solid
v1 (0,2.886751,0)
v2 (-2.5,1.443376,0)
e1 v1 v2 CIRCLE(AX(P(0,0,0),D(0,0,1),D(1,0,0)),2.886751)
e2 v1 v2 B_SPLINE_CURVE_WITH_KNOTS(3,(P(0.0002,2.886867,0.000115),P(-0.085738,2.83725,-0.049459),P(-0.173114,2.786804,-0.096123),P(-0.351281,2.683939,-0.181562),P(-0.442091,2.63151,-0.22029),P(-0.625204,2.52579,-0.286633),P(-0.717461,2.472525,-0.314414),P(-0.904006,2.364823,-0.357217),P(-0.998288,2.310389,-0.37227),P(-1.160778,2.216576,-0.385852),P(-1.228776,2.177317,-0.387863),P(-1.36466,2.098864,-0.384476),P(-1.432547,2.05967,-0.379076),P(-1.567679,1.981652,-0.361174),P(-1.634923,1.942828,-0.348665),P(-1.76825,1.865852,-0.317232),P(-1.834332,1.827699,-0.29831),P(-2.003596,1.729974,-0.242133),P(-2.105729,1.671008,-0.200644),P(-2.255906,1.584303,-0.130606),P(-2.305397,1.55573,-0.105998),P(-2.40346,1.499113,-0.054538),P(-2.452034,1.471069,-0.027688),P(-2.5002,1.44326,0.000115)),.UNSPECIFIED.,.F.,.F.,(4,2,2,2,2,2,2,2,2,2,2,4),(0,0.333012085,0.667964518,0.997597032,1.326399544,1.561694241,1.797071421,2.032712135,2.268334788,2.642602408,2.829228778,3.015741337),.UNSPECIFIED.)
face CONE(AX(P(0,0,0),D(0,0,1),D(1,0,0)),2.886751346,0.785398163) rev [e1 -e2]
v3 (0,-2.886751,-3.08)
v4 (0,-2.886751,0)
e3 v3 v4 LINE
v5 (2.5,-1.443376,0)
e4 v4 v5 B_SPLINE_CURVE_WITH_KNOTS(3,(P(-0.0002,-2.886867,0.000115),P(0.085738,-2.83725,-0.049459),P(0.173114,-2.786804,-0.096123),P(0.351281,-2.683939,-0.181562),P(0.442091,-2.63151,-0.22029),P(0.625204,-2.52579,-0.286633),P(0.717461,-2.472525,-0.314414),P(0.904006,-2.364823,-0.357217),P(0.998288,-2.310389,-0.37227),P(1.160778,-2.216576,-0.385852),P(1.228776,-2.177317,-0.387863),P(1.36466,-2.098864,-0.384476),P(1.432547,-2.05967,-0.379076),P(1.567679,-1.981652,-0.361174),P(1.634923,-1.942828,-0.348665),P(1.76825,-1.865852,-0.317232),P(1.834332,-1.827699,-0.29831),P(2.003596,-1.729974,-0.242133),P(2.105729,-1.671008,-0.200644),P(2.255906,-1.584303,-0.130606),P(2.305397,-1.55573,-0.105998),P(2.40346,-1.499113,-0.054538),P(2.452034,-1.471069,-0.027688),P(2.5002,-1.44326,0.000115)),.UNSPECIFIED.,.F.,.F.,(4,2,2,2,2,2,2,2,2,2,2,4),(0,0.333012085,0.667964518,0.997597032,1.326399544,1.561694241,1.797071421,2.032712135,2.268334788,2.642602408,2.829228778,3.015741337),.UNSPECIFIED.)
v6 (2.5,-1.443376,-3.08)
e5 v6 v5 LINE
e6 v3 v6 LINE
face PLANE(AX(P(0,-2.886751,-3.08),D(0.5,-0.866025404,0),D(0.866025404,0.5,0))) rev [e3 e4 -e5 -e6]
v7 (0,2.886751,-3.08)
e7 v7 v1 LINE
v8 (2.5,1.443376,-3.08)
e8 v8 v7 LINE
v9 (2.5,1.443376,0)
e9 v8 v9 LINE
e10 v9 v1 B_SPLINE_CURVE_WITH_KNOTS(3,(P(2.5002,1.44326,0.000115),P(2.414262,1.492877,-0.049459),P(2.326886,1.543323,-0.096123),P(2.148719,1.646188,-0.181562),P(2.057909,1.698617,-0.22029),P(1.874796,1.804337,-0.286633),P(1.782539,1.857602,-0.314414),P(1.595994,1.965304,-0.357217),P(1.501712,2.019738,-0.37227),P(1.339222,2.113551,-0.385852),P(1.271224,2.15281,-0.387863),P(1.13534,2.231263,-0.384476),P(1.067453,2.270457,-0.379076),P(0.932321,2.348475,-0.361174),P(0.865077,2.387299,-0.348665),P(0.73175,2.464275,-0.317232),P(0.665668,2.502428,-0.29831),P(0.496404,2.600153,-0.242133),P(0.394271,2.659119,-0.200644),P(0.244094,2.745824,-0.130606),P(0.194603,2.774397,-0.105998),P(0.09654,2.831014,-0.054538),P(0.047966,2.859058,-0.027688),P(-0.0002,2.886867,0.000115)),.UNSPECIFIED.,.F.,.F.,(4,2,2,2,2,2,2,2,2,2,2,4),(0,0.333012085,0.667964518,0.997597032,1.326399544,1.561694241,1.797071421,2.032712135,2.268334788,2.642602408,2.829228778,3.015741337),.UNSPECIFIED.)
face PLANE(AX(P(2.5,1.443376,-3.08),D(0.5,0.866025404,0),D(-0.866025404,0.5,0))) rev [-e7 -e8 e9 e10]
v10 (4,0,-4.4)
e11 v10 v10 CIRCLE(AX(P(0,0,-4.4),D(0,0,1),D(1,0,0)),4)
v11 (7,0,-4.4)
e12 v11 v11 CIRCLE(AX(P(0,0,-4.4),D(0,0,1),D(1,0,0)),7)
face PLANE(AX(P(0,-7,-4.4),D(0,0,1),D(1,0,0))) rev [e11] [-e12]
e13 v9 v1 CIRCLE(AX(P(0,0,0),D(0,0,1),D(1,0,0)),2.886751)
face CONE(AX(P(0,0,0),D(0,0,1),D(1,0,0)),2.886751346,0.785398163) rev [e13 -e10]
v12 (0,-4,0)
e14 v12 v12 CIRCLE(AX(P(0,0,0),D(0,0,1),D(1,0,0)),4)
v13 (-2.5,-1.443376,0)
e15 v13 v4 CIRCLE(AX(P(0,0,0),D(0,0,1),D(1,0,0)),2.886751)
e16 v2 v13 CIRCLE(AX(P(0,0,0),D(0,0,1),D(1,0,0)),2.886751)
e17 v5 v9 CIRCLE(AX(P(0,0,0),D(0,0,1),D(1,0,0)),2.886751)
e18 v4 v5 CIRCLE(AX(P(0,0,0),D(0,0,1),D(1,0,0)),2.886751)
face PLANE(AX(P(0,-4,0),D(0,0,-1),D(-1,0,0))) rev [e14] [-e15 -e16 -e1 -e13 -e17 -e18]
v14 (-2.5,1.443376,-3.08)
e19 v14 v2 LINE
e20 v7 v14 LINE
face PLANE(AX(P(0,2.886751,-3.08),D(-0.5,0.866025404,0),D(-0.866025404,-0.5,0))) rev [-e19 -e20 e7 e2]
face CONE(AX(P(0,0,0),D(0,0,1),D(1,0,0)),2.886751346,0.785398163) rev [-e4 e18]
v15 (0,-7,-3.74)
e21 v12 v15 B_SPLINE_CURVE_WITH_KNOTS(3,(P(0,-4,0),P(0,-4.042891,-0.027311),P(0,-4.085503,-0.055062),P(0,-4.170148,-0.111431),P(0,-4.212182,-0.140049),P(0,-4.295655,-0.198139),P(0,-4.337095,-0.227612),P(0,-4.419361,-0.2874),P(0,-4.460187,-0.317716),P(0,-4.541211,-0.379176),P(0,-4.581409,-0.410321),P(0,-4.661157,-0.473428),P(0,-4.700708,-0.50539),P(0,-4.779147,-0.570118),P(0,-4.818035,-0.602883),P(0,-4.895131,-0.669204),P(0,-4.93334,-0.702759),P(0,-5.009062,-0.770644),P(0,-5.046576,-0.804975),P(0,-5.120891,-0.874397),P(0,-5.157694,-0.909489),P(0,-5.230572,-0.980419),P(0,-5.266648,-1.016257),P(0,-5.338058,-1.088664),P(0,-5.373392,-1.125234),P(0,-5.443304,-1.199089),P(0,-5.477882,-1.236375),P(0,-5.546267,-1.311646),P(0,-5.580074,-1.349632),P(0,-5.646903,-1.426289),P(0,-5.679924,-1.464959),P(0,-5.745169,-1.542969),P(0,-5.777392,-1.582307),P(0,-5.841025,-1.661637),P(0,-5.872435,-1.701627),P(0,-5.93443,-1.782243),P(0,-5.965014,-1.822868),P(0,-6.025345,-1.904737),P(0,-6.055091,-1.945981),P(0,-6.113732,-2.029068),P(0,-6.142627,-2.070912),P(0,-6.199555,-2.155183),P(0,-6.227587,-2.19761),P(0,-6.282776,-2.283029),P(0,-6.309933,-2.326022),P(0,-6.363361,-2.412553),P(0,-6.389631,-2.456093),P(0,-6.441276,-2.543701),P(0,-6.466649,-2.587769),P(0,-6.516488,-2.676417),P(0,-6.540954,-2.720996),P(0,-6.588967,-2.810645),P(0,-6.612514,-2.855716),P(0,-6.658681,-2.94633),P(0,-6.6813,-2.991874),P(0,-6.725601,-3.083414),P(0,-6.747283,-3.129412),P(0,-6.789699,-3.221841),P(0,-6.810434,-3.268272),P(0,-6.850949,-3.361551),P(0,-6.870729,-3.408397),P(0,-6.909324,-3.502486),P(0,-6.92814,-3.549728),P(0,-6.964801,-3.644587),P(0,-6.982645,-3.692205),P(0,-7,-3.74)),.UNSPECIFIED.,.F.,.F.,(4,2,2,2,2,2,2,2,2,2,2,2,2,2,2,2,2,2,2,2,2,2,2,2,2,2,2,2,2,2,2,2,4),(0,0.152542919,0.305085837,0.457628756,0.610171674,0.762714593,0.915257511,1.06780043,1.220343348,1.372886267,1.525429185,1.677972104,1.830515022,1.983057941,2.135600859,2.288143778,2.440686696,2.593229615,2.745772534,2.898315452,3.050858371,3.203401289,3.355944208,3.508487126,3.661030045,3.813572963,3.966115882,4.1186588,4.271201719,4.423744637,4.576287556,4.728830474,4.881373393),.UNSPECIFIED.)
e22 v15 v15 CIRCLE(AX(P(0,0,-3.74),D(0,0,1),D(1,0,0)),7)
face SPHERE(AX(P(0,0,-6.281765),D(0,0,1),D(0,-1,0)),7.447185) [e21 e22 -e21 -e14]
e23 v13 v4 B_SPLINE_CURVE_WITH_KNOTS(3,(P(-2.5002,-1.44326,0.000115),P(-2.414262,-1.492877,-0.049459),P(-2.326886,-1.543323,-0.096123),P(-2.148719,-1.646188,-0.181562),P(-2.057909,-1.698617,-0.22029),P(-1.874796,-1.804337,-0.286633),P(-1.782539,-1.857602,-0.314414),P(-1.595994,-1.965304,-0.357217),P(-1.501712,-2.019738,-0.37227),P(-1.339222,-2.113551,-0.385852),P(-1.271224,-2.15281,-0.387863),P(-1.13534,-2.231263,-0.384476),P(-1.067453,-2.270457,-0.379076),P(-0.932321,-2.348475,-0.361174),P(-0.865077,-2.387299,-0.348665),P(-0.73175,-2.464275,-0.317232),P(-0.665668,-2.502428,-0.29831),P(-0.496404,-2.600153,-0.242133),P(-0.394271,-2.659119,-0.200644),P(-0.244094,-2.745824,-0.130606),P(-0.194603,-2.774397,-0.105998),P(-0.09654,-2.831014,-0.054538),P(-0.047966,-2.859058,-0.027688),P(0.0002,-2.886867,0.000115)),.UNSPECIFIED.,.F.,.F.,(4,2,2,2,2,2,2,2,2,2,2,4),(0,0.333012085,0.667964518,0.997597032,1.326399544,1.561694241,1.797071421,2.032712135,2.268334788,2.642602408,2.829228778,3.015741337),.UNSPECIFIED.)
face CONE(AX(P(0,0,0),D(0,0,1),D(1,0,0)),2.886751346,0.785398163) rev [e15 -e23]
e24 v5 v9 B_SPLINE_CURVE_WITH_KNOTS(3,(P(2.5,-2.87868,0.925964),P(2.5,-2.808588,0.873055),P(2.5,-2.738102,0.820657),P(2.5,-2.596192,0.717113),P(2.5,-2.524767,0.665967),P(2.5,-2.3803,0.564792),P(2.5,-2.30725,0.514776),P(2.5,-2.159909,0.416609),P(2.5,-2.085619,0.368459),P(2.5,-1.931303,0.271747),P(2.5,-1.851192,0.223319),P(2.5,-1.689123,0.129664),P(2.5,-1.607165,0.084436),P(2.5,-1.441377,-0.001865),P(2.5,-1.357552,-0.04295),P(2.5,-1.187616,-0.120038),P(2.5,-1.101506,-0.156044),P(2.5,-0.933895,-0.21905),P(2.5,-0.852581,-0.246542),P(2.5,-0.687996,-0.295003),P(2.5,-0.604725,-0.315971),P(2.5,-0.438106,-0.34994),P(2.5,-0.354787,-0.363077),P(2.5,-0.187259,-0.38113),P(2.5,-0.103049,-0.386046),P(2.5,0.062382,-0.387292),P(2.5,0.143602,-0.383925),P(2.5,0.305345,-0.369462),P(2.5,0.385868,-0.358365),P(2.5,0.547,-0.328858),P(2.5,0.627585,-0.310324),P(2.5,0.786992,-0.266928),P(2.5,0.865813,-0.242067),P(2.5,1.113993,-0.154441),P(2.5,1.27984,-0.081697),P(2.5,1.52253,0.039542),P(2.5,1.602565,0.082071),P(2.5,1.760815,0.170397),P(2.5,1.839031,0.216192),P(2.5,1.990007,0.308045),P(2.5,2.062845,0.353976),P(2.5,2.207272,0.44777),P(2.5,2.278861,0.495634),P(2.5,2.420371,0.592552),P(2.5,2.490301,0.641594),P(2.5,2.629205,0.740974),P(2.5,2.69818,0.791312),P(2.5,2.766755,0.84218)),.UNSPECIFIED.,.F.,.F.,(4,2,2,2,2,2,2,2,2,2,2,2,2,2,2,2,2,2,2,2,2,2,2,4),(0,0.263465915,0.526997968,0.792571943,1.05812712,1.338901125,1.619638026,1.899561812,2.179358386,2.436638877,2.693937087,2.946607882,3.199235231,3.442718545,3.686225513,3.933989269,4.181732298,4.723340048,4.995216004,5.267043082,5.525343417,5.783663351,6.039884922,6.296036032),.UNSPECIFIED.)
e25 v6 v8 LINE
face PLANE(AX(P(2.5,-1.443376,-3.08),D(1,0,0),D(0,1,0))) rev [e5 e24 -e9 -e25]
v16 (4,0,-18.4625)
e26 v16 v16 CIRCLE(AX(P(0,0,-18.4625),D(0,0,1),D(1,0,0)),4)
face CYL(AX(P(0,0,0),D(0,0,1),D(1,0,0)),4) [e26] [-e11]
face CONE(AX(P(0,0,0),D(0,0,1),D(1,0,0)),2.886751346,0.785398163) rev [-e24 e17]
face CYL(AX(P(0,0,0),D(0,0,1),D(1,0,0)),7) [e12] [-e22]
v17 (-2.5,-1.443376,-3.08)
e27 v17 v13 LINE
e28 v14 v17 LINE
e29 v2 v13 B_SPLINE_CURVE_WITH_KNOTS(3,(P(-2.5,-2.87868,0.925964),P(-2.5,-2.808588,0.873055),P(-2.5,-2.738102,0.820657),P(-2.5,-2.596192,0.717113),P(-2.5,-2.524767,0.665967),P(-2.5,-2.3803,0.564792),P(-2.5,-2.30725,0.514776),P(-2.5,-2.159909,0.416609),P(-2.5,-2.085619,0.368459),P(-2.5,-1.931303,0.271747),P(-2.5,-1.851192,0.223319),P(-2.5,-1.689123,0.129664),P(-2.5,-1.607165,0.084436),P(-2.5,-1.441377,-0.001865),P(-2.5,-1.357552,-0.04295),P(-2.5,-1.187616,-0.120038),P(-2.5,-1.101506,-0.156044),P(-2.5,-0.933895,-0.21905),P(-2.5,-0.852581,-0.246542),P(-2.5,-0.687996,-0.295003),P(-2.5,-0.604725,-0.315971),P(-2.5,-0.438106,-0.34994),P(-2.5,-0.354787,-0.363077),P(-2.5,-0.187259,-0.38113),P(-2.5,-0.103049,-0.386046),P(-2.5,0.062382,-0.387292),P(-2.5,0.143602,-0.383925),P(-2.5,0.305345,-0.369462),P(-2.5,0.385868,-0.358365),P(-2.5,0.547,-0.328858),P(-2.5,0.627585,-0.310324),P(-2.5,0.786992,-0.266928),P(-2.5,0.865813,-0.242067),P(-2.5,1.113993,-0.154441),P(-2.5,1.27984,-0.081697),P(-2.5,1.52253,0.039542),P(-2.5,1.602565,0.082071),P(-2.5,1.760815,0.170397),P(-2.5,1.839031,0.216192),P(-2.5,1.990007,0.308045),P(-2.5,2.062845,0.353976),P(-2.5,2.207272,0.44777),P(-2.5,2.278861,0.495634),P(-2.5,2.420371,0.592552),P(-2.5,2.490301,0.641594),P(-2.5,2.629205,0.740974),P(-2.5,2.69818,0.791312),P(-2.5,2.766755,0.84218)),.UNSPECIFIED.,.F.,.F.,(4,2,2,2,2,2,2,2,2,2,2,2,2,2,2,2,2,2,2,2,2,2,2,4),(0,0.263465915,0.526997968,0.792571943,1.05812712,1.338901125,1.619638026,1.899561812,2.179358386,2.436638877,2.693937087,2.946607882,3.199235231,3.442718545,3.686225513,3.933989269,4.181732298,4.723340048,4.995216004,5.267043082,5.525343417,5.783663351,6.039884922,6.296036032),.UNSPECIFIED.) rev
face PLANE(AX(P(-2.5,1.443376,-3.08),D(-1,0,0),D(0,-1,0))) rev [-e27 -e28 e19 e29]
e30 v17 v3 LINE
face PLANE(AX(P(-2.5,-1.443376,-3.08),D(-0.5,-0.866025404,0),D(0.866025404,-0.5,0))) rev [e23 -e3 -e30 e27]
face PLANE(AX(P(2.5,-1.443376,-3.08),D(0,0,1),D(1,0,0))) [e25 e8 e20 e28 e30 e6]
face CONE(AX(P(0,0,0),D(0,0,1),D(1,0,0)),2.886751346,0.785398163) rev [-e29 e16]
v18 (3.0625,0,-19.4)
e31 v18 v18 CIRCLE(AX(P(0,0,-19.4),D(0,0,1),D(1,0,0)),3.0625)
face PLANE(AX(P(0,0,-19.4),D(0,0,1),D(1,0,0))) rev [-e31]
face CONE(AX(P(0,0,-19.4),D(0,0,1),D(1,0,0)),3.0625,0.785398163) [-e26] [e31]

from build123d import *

# Parameters (mm, degrees)
CUT_EXTRUDE2_DEPTH = 3.08


with BuildPart() as part:
    # Sketch10 → Revolve3 (revolve)
    with BuildSketch(Plane(origin=(0, 0, 0), x_dir=(0, 0, -1), z_dir=(1, 0, 0))):
        Polygon((18.4625, 4), (19.4, 3.0625), (19.4, 0), (4.4, 0), (4.4, 4), align=None)
    revolve(axis=Axis((0, 0, 0), (0, 0, -1)))

    # Sketch7 → Revolve2 (revolve)
    with BuildSketch(Plane(origin=(0, 0, 0), x_dir=(0, 0, -1), z_dir=(1, 0, 0))):
        with BuildLine():
            Line((3.74, 7), (4.4, 7))
            Line((4.4, 7), (4.4, 0))
            Line((4.4, 0), (0, 0))
            Line((0, 0), (0, 4))
            ThreePointArc((0, 4), (1.621972026, 5.809208208), (3.74, 7))
        make_face()
    revolve(axis=Axis((0, 0, 0), (0, 0, -1)))

    # Sketch5 → Cut-Extrude2 (cut)
    with BuildSketch(Plane.XY):
        Polygon((2.5, -1.443375673), (2.5, 1.443375673), (0, 2.886751346), (-2.5, 1.443375673), (-2.5, -1.443375673), (0, -2.886751346), align=None)
    extrude(amount=-CUT_EXTRUDE2_DEPTH, mode=Mode.SUBTRACT)

    # Cut-Extrude3 cone 1 section (through the dimple's axis) → Cut-Extrude3 (revolve, cut)
    with BuildSketch(Plane(origin=(0, 0, 0), x_dir=(0, -1, 0), z_dir=(1, 0, 0))):
        Polygon((0, 0), (2.886751346, 0), (0, 2.886751346), align=None)
    revolve(axis=Axis((0, 0, 0), (0, 0, -1)), mode=Mode.SUBTRACT)


solid = part.part
